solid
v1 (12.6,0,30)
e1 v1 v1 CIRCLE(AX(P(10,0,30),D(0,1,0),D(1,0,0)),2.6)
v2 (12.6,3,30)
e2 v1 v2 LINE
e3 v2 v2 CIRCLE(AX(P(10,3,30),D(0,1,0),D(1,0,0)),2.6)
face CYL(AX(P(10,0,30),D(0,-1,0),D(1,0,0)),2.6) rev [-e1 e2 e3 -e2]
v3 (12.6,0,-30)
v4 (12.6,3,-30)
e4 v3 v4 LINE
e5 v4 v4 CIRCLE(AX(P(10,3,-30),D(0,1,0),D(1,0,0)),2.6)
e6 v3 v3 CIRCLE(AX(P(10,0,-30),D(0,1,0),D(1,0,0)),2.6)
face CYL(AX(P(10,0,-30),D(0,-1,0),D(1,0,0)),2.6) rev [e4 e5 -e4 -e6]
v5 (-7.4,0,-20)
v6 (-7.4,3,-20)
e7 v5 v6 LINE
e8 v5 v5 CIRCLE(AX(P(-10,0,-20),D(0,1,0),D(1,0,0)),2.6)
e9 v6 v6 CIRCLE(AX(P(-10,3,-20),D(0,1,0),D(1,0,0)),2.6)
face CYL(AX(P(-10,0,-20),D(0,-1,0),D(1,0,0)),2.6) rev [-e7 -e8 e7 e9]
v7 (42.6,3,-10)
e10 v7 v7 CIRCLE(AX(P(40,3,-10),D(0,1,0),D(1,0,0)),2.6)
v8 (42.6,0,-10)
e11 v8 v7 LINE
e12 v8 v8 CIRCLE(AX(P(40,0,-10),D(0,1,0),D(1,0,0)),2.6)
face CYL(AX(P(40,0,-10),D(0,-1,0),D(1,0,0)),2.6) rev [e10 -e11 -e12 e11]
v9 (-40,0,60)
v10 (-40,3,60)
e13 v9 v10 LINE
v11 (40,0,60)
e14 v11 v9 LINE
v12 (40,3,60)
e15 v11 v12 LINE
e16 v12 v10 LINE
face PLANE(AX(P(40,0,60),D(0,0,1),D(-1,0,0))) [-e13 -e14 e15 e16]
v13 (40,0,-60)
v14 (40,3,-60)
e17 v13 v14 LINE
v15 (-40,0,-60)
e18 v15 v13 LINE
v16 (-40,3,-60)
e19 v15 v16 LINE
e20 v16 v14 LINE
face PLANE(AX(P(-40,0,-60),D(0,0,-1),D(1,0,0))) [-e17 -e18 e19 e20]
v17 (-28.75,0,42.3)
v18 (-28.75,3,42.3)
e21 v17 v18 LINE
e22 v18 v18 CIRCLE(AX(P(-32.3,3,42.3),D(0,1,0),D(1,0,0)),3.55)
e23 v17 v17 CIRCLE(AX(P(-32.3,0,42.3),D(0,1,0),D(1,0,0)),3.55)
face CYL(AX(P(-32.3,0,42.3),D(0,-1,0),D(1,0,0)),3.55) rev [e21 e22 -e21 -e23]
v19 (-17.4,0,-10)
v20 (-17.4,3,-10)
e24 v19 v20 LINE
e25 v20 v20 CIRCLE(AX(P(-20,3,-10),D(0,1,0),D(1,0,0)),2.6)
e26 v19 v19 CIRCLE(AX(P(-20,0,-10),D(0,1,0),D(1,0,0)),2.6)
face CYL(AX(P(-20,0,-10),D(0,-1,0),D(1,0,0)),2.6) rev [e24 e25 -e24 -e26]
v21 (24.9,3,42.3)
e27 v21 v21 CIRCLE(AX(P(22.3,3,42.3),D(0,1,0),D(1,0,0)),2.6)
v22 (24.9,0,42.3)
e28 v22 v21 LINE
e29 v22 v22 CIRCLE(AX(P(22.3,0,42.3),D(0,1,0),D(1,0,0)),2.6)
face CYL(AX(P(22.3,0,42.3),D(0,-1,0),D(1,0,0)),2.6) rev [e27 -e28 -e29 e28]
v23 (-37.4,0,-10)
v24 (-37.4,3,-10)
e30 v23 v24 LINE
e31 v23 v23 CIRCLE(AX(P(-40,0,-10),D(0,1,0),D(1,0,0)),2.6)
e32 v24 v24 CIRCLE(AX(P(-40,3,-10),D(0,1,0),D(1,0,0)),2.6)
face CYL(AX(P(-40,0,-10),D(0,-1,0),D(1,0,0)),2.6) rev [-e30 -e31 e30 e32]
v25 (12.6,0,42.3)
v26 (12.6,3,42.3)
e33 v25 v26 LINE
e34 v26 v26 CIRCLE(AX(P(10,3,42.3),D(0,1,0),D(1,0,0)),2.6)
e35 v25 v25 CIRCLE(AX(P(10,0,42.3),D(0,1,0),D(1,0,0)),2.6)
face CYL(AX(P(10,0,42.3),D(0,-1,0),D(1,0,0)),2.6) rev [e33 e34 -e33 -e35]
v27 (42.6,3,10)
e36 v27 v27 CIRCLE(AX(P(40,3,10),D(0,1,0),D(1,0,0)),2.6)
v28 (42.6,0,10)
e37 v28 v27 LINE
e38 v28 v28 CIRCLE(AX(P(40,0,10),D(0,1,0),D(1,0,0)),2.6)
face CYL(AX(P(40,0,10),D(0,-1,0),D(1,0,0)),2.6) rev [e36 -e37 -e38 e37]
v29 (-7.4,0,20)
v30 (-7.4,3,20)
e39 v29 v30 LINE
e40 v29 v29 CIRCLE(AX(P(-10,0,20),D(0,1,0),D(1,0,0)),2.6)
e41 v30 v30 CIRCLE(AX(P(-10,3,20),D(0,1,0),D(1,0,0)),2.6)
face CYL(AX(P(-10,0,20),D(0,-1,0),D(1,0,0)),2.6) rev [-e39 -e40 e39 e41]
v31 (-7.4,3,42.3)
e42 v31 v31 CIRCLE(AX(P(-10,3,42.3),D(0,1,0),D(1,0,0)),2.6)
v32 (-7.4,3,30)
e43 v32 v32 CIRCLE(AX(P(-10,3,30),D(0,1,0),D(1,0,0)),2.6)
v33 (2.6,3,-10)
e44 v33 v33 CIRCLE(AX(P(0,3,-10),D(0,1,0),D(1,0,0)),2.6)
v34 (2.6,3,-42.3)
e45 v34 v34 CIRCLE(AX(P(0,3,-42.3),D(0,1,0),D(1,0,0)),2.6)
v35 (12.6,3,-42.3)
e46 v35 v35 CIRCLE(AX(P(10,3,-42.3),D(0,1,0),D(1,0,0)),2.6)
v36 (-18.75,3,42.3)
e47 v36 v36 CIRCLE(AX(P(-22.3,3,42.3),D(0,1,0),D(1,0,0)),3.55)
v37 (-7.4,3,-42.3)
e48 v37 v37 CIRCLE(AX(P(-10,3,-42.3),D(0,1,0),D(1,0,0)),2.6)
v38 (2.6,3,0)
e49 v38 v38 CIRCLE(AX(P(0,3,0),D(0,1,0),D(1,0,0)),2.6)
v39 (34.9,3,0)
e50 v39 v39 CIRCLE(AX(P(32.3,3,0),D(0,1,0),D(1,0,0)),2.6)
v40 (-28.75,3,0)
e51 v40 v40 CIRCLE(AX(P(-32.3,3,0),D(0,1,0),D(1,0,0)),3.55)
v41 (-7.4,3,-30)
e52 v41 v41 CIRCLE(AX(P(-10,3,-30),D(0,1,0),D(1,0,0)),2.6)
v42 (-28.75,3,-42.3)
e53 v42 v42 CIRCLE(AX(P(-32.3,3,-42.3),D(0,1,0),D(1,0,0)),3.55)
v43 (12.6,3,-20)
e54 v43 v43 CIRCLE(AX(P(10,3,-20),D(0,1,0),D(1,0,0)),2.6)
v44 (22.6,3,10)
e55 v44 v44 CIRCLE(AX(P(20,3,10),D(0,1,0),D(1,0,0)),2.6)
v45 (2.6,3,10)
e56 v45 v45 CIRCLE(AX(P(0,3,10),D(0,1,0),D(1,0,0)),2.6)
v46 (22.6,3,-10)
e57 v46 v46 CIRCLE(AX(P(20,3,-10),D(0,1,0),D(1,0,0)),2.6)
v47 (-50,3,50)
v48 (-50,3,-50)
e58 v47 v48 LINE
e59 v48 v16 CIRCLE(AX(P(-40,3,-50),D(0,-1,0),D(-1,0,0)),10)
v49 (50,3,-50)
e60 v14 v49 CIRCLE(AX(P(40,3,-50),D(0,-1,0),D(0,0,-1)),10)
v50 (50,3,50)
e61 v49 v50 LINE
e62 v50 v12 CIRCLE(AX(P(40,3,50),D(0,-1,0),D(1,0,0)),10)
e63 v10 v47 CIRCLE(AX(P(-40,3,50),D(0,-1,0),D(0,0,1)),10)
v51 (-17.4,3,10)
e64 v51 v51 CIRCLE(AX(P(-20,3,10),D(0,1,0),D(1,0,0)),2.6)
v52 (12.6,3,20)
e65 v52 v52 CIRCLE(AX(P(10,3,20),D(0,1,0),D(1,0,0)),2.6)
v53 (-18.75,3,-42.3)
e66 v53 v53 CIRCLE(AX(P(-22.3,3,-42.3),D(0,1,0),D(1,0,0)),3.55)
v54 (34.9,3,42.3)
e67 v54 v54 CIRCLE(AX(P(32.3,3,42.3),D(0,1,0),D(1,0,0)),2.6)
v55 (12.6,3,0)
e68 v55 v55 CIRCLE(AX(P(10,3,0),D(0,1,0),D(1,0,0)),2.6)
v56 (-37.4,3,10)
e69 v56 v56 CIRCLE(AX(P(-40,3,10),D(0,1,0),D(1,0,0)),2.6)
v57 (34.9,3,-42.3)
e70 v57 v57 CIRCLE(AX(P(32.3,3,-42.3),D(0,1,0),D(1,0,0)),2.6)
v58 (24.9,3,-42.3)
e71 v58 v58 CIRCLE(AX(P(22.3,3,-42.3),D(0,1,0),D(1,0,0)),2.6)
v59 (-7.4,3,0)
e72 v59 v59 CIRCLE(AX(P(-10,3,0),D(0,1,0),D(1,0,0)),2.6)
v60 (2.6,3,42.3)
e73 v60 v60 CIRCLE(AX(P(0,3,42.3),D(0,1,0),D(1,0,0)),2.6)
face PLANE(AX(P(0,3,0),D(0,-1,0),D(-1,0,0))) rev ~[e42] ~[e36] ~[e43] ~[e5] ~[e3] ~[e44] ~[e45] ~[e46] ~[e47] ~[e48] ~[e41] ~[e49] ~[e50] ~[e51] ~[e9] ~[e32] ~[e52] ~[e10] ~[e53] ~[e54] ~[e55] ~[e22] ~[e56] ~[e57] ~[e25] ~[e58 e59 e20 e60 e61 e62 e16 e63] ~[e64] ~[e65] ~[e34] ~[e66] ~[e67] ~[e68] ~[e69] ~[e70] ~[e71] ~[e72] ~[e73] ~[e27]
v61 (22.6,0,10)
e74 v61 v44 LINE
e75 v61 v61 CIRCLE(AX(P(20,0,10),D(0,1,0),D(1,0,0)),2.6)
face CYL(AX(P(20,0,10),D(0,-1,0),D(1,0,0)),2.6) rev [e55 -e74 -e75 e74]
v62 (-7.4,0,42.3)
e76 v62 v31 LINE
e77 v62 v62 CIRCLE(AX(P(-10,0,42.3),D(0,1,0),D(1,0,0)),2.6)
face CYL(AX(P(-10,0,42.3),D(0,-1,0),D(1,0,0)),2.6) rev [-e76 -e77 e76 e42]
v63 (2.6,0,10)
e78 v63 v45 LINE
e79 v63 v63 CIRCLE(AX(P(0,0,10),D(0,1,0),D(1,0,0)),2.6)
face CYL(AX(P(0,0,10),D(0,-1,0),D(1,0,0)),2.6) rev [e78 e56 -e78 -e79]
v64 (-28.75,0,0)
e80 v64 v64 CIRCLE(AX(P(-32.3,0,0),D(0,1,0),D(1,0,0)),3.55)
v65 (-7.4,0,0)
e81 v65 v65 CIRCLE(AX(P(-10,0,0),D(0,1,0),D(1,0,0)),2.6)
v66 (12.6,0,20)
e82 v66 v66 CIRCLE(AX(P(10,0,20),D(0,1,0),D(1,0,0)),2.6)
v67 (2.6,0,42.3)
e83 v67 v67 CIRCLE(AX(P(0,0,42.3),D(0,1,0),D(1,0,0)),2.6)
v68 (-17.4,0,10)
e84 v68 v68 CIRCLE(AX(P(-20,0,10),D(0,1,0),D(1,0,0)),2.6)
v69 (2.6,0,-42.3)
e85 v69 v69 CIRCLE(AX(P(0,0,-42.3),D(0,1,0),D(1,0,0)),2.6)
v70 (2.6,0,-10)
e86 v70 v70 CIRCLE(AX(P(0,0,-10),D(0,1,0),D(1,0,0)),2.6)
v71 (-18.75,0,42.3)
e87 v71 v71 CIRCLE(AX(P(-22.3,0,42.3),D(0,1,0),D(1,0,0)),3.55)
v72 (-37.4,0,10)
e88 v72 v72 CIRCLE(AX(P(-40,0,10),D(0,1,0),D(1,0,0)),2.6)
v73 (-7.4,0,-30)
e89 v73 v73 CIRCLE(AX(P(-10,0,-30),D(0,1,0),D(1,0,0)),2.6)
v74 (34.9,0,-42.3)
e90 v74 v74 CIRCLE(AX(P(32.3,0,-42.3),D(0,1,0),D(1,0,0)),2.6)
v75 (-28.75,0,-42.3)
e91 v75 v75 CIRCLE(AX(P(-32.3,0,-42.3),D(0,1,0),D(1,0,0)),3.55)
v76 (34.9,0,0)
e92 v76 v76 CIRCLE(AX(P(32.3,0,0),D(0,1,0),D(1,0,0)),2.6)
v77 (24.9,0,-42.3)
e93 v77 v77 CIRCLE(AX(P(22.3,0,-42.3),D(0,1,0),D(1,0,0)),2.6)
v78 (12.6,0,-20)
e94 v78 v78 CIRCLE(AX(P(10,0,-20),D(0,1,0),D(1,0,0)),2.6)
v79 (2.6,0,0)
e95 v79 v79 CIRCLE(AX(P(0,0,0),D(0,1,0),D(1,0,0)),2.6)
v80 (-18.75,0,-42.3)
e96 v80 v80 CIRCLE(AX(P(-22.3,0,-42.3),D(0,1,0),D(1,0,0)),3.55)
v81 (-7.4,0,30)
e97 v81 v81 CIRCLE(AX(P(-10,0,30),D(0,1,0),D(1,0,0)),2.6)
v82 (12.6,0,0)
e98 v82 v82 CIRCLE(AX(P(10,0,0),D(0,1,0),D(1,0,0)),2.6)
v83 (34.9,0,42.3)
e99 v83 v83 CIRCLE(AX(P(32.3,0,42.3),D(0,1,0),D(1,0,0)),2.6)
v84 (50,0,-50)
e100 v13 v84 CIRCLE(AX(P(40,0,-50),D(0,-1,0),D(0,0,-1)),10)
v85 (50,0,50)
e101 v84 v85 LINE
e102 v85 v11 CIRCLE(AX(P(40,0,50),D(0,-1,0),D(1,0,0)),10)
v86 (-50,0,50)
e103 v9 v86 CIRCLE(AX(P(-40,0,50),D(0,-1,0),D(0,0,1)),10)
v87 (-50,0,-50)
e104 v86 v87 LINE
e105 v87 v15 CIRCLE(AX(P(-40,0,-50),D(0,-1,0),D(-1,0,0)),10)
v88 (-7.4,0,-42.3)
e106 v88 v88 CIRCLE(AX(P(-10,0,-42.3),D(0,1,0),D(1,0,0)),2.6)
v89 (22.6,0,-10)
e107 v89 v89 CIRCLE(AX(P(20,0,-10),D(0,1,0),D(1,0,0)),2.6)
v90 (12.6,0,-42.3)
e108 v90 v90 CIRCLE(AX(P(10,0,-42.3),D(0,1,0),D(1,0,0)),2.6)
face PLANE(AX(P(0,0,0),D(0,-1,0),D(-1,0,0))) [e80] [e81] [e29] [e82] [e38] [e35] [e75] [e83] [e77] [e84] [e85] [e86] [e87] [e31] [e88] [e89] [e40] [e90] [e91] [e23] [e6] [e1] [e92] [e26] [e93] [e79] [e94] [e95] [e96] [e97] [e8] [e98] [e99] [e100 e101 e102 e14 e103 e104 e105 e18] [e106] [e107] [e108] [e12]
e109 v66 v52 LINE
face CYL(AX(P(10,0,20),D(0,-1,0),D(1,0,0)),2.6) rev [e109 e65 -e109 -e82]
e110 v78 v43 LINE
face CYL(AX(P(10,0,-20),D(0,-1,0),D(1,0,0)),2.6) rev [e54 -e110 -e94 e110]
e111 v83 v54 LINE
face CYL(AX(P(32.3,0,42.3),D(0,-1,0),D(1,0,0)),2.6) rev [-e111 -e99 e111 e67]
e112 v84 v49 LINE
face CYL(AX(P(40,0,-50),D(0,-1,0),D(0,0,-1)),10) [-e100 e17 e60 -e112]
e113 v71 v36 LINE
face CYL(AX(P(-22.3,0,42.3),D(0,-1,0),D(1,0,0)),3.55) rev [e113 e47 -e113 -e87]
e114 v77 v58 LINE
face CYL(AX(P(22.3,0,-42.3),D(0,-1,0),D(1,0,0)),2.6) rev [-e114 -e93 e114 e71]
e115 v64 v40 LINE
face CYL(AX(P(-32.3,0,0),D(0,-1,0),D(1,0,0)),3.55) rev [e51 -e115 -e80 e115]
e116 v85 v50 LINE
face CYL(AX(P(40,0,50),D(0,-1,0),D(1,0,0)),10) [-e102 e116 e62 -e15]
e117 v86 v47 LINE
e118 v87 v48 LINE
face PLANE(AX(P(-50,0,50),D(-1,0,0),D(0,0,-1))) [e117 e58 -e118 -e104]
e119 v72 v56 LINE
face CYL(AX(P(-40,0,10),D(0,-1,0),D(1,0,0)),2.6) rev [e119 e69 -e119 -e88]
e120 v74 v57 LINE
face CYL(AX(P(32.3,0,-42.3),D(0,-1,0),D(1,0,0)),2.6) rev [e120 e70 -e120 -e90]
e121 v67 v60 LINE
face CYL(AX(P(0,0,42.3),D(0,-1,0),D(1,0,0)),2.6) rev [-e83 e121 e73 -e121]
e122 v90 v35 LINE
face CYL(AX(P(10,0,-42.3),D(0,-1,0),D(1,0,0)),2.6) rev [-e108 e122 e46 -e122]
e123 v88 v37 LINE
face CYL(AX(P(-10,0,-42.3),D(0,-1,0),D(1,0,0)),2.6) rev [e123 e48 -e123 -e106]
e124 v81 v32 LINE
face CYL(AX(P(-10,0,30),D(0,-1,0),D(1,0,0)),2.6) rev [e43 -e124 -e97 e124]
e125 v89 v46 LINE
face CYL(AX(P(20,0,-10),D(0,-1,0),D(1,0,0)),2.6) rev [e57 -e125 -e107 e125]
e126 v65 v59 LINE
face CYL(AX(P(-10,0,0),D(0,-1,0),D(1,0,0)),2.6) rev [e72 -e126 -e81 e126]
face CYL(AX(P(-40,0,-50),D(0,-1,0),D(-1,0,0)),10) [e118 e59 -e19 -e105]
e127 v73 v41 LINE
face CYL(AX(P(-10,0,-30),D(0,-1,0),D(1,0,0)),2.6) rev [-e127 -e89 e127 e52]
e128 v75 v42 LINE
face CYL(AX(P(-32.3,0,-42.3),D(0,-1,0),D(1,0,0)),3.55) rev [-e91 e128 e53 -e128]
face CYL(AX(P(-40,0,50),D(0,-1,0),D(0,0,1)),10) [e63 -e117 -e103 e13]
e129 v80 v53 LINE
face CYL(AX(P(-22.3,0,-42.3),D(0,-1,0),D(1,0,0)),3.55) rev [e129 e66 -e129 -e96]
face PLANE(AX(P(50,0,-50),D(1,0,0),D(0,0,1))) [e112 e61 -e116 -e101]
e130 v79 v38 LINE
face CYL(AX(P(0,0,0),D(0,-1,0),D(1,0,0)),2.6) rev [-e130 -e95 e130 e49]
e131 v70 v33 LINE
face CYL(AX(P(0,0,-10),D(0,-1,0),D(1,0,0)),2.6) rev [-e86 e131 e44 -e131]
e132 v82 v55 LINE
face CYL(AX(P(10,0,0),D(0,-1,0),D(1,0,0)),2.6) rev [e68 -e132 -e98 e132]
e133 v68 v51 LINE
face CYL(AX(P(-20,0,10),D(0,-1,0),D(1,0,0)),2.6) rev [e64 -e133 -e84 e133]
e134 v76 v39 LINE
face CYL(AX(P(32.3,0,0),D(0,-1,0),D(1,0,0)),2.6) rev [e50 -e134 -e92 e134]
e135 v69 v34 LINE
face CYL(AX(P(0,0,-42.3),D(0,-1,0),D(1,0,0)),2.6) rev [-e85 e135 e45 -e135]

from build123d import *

# Parameters (mm, degrees)
SKETCH1_R           = 3.55
SKETCH1_R_2         = 2.6
BOSS_EXTRUDE1_DEPTH = 3


with BuildPart() as part:
    # Sketch1 → Boss-Extrude1 (new body)
    with BuildSketch(Plane(origin=(0, 0, 0), x_dir=(1, 0, 0), z_dir=(0, 1, 0))):
        with BuildLine():
            Line((40, -60), (-40, -60))
            ThreePointArc((-40, -60), (-47.071067812, -57.071067812), (-50, -50))
            Line((-50, -50), (-50, 50))
            ThreePointArc((-50, 50), (-47.071067812, 57.071067812), (-40, 60))
            Line((-40, 60), (40, 60))
            ThreePointArc((40, 60), (47.071067812, 57.071067812), (50, 50))
            Line((50, 50), (50, -50))
            ThreePointArc((50, -50), (47.071067812, -57.071067812), (40, -60))
        make_face()
        with Locations((-22.3, 42.3)):
            Circle(SKETCH1_R, mode=Mode.SUBTRACT)
        with Locations((0, 10)):
            Circle(SKETCH1_R_2, mode=Mode.SUBTRACT)
        Circle(SKETCH1_R_2, mode=Mode.SUBTRACT)
        with Locations((10, 0)):
            Circle(SKETCH1_R_2, mode=Mode.SUBTRACT)
        with Locations((-10, 0)):
            Circle(SKETCH1_R_2, mode=Mode.SUBTRACT)
        with Locations((-32.3, 42.3)):
            Circle(SKETCH1_R, mode=Mode.SUBTRACT)
        with Locations((-32.3, 0)):
            Circle(SKETCH1_R, mode=Mode.SUBTRACT)
        with Locations((-32.3, -42.3)):
            Circle(SKETCH1_R, mode=Mode.SUBTRACT)
        with Locations((-20, 10)):
            Circle(SKETCH1_R_2, mode=Mode.SUBTRACT)
        with Locations((-40, 10)):
            Circle(SKETCH1_R_2, mode=Mode.SUBTRACT)
        with Locations((-10, 20)):
            Circle(SKETCH1_R_2, mode=Mode.SUBTRACT)
        with Locations((-10, 30)):
            Circle(SKETCH1_R_2, mode=Mode.SUBTRACT)
        with Locations((-10, 42.3)):
            Circle(SKETCH1_R_2, mode=Mode.SUBTRACT)
        with Locations((0, 42.3)):
            Circle(SKETCH1_R_2, mode=Mode.SUBTRACT)
        with Locations((10, 42.3)):
            Circle(SKETCH1_R_2, mode=Mode.SUBTRACT)
        with Locations((10, 30)):
            Circle(SKETCH1_R_2, mode=Mode.SUBTRACT)
        with Locations((10, 20)):
            Circle(SKETCH1_R_2, mode=Mode.SUBTRACT)
        with Locations((20, 10)):
            Circle(SKETCH1_R_2, mode=Mode.SUBTRACT)
        with Locations((40, 10)):
            Circle(SKETCH1_R_2, mode=Mode.SUBTRACT)
        with Locations((22.3, 42.3)):
            Circle(SKETCH1_R_2, mode=Mode.SUBTRACT)
        with Locations((32.3, 42.3)):
            Circle(SKETCH1_R_2, mode=Mode.SUBTRACT)
        with Locations((32.3, 0)):
            Circle(SKETCH1_R_2, mode=Mode.SUBTRACT)
        with Locations((40, -10)):
            Circle(SKETCH1_R_2, mode=Mode.SUBTRACT)
        with Locations((32.3, -42.3)):
            Circle(SKETCH1_R_2, mode=Mode.SUBTRACT)
        with Locations((22.3, -42.3)):
            Circle(SKETCH1_R_2, mode=Mode.SUBTRACT)
        with Locations((20, -10)):
            Circle(SKETCH1_R_2, mode=Mode.SUBTRACT)
        with Locations((0, -10)):
            Circle(SKETCH1_R_2, mode=Mode.SUBTRACT)
        with Locations((10, -20)):
            Circle(SKETCH1_R_2, mode=Mode.SUBTRACT)
        with Locations((10, -30)):
            Circle(SKETCH1_R_2, mode=Mode.SUBTRACT)
        with Locations((10, -42.3)):
            Circle(SKETCH1_R_2, mode=Mode.SUBTRACT)
        with Locations((0, -42.3)):
            Circle(SKETCH1_R_2, mode=Mode.SUBTRACT)
        with Locations((-10, -42.3)):
            Circle(SKETCH1_R_2, mode=Mode.SUBTRACT)
        with Locations((-10, -30)):
            Circle(SKETCH1_R_2, mode=Mode.SUBTRACT)
        with Locations((-10, -20)):
            Circle(SKETCH1_R_2, mode=Mode.SUBTRACT)
        with Locations((-20, -10)):
            Circle(SKETCH1_R_2, mode=Mode.SUBTRACT)
        with Locations((-40, -10)):
            Circle(SKETCH1_R_2, mode=Mode.SUBTRACT)
        with Locations((-22.3, -42.3)):
            Circle(SKETCH1_R, mode=Mode.SUBTRACT)
    extrude(amount=BOSS_EXTRUDE1_DEPTH)


solid = part.part
